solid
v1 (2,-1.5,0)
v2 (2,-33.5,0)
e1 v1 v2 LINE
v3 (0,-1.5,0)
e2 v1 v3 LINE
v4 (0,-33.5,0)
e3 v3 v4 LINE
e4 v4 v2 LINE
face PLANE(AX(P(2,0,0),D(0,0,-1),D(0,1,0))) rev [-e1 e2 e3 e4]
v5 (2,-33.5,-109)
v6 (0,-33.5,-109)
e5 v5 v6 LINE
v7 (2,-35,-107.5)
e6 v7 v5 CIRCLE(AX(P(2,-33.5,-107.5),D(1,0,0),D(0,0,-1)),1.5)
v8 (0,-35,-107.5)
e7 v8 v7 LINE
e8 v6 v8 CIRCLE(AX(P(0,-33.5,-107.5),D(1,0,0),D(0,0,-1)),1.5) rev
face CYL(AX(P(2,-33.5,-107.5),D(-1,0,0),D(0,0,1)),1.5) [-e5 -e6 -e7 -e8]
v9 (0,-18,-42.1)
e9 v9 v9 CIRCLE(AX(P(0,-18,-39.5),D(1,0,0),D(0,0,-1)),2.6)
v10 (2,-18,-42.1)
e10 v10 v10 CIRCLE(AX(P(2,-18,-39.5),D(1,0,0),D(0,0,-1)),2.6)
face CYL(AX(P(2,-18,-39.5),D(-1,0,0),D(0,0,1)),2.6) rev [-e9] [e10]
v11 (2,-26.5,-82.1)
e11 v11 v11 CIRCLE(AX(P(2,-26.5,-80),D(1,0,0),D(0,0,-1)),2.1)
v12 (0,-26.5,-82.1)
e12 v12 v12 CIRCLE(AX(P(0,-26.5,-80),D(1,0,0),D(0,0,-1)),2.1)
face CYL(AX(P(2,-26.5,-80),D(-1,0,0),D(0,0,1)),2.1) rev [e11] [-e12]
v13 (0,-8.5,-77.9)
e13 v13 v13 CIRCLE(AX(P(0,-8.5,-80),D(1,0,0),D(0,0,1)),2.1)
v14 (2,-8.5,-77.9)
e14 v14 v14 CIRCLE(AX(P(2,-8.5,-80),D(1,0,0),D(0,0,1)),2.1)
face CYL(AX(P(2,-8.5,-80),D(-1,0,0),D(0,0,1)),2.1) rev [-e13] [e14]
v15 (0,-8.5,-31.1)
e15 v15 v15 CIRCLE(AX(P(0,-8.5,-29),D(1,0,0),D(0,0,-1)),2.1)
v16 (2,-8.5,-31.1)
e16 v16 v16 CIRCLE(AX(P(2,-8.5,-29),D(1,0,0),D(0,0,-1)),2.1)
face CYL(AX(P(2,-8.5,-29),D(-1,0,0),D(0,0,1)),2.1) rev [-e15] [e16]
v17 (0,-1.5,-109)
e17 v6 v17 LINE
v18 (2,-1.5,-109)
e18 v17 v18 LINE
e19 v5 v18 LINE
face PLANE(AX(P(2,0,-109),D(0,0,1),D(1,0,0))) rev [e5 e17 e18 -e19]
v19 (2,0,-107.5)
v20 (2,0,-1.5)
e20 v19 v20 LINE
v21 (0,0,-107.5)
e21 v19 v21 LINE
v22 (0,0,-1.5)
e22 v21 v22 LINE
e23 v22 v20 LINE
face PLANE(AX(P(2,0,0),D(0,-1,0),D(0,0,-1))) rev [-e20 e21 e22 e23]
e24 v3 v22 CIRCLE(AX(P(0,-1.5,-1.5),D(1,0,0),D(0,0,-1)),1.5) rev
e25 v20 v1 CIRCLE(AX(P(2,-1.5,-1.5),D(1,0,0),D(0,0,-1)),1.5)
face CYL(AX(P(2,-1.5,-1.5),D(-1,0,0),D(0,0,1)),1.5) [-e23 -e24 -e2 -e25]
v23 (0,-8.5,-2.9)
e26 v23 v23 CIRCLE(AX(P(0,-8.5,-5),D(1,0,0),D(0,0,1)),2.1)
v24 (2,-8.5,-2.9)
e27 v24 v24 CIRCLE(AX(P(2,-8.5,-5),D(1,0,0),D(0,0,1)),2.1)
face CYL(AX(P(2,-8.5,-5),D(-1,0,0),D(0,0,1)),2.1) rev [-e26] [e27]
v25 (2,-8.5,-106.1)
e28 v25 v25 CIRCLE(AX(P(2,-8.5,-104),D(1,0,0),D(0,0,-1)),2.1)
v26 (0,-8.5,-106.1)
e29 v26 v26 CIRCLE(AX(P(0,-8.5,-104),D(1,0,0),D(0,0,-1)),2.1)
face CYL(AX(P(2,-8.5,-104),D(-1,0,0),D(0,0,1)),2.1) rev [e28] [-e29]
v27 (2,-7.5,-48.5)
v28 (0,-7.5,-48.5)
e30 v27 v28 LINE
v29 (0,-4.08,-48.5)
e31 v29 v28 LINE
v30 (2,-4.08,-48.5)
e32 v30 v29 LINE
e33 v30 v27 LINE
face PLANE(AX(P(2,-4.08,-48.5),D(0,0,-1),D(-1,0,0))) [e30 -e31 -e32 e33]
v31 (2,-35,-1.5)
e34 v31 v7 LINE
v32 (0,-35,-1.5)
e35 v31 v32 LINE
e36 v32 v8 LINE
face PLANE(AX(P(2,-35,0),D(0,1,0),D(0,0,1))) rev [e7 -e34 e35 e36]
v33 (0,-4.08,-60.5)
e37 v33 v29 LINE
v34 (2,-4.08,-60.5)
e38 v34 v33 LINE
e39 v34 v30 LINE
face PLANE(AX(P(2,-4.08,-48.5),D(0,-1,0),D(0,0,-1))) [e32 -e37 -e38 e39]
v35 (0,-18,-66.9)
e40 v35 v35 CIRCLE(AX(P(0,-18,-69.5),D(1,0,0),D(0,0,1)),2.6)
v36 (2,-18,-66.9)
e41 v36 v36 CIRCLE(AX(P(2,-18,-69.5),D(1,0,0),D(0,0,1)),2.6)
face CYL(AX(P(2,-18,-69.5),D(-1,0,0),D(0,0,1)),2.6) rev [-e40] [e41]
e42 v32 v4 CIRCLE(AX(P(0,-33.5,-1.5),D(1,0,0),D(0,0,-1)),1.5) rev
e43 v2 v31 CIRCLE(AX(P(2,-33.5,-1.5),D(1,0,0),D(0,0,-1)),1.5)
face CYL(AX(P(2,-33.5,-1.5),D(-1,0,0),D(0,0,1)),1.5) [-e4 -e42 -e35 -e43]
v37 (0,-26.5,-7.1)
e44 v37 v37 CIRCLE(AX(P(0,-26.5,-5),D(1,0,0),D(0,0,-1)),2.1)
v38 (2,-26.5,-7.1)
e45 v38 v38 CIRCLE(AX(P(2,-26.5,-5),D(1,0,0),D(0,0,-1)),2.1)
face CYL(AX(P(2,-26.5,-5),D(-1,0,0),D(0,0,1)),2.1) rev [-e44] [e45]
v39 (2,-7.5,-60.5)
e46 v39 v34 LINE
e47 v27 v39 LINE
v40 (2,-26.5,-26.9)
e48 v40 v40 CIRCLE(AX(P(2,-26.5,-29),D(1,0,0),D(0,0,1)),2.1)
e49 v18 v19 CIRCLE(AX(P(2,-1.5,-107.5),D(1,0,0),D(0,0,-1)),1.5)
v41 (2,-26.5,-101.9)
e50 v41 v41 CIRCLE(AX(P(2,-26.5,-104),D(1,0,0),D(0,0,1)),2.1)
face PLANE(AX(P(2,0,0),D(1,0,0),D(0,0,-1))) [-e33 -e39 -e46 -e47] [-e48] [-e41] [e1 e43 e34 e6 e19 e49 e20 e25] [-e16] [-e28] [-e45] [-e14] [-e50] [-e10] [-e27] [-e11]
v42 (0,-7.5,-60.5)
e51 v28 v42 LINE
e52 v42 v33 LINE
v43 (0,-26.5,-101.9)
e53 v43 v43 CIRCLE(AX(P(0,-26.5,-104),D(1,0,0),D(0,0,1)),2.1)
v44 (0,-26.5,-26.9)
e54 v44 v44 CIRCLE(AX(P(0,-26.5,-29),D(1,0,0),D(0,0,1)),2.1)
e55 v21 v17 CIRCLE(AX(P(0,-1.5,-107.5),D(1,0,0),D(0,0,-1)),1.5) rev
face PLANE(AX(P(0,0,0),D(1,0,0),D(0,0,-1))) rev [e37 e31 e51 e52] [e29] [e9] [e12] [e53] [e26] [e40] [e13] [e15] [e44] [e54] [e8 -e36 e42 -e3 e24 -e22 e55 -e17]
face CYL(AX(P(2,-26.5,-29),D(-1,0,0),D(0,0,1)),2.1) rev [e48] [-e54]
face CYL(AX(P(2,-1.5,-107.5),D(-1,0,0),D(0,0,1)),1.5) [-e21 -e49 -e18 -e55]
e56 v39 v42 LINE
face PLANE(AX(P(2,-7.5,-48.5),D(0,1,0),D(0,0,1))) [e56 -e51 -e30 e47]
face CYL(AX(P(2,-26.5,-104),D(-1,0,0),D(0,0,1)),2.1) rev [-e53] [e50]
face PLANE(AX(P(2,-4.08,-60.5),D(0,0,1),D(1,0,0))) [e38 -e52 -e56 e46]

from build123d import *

# Parameters (mm, degrees)
SKETCH1_W           = 109
SKETCH1_H           = 35
SKETCH1_R           = 2.1
SKETCH1_R_2         = 2.6
SKETCH1_W_2         = 12
SKETCH1_H_2         = 3.42
BOSS_EXTRUDE1_DEPTH = 2
FILLET1_R           = 1.5


with BuildPart() as part:
    # Sketch1 → Boss-Extrude1 (new body)
    with BuildSketch(Plane(origin=(0, 0, 0), x_dir=(0, 0, -1), z_dir=(1, 0, 0))):
        with Locations((54.5, -17.5)):
            Rectangle(SKETCH1_W, SKETCH1_H)
        with Locations((104, -8.5)):
            Circle(SKETCH1_R, mode=Mode.SUBTRACT)
        with Locations(Location((104, -26.5, 0), (0, 0, 180))):
            Circle(SKETCH1_R, mode=Mode.SUBTRACT)
        with Locations((80, -26.5)):
            Circle(SKETCH1_R, mode=Mode.SUBTRACT)
        with Locations(Location((80, -8.5, 0), (0, 0, 180))):
            Circle(SKETCH1_R, mode=Mode.SUBTRACT)
        with Locations((5, -26.5)):
            Circle(SKETCH1_R, mode=Mode.SUBTRACT)
        with Locations(Location((5, -8.5, 0), (0, 0, 180))):
            Circle(SKETCH1_R, mode=Mode.SUBTRACT)
        with Locations(Location((29, -26.5, 0), (0, 0, 180))):
            Circle(SKETCH1_R, mode=Mode.SUBTRACT)
        with Locations((29, -8.5)):
            Circle(SKETCH1_R, mode=Mode.SUBTRACT)
        with Locations((39.5, -18)):
            Circle(SKETCH1_R_2, mode=Mode.SUBTRACT)
        with Locations(Location((69.5, -18, 0), (0, 0, 180))):
            Circle(SKETCH1_R_2, mode=Mode.SUBTRACT)
        with Locations((54.5, -5.79)):
            Rectangle(SKETCH1_W_2, SKETCH1_H_2, mode=Mode.SUBTRACT)
    extrude(amount=BOSS_EXTRUDE1_DEPTH)

    # Fillet1
    fillet1_edges = [part.edges().sort_by_distance(p)[0] for p in [
        (1, 0, 0),
        (1, 0, -109),
        (1, -35, -109),
        (1, -35, 0),
    ]]
    fillet(fillet1_edges, radius=FILLET1_R)


solid = part.part
